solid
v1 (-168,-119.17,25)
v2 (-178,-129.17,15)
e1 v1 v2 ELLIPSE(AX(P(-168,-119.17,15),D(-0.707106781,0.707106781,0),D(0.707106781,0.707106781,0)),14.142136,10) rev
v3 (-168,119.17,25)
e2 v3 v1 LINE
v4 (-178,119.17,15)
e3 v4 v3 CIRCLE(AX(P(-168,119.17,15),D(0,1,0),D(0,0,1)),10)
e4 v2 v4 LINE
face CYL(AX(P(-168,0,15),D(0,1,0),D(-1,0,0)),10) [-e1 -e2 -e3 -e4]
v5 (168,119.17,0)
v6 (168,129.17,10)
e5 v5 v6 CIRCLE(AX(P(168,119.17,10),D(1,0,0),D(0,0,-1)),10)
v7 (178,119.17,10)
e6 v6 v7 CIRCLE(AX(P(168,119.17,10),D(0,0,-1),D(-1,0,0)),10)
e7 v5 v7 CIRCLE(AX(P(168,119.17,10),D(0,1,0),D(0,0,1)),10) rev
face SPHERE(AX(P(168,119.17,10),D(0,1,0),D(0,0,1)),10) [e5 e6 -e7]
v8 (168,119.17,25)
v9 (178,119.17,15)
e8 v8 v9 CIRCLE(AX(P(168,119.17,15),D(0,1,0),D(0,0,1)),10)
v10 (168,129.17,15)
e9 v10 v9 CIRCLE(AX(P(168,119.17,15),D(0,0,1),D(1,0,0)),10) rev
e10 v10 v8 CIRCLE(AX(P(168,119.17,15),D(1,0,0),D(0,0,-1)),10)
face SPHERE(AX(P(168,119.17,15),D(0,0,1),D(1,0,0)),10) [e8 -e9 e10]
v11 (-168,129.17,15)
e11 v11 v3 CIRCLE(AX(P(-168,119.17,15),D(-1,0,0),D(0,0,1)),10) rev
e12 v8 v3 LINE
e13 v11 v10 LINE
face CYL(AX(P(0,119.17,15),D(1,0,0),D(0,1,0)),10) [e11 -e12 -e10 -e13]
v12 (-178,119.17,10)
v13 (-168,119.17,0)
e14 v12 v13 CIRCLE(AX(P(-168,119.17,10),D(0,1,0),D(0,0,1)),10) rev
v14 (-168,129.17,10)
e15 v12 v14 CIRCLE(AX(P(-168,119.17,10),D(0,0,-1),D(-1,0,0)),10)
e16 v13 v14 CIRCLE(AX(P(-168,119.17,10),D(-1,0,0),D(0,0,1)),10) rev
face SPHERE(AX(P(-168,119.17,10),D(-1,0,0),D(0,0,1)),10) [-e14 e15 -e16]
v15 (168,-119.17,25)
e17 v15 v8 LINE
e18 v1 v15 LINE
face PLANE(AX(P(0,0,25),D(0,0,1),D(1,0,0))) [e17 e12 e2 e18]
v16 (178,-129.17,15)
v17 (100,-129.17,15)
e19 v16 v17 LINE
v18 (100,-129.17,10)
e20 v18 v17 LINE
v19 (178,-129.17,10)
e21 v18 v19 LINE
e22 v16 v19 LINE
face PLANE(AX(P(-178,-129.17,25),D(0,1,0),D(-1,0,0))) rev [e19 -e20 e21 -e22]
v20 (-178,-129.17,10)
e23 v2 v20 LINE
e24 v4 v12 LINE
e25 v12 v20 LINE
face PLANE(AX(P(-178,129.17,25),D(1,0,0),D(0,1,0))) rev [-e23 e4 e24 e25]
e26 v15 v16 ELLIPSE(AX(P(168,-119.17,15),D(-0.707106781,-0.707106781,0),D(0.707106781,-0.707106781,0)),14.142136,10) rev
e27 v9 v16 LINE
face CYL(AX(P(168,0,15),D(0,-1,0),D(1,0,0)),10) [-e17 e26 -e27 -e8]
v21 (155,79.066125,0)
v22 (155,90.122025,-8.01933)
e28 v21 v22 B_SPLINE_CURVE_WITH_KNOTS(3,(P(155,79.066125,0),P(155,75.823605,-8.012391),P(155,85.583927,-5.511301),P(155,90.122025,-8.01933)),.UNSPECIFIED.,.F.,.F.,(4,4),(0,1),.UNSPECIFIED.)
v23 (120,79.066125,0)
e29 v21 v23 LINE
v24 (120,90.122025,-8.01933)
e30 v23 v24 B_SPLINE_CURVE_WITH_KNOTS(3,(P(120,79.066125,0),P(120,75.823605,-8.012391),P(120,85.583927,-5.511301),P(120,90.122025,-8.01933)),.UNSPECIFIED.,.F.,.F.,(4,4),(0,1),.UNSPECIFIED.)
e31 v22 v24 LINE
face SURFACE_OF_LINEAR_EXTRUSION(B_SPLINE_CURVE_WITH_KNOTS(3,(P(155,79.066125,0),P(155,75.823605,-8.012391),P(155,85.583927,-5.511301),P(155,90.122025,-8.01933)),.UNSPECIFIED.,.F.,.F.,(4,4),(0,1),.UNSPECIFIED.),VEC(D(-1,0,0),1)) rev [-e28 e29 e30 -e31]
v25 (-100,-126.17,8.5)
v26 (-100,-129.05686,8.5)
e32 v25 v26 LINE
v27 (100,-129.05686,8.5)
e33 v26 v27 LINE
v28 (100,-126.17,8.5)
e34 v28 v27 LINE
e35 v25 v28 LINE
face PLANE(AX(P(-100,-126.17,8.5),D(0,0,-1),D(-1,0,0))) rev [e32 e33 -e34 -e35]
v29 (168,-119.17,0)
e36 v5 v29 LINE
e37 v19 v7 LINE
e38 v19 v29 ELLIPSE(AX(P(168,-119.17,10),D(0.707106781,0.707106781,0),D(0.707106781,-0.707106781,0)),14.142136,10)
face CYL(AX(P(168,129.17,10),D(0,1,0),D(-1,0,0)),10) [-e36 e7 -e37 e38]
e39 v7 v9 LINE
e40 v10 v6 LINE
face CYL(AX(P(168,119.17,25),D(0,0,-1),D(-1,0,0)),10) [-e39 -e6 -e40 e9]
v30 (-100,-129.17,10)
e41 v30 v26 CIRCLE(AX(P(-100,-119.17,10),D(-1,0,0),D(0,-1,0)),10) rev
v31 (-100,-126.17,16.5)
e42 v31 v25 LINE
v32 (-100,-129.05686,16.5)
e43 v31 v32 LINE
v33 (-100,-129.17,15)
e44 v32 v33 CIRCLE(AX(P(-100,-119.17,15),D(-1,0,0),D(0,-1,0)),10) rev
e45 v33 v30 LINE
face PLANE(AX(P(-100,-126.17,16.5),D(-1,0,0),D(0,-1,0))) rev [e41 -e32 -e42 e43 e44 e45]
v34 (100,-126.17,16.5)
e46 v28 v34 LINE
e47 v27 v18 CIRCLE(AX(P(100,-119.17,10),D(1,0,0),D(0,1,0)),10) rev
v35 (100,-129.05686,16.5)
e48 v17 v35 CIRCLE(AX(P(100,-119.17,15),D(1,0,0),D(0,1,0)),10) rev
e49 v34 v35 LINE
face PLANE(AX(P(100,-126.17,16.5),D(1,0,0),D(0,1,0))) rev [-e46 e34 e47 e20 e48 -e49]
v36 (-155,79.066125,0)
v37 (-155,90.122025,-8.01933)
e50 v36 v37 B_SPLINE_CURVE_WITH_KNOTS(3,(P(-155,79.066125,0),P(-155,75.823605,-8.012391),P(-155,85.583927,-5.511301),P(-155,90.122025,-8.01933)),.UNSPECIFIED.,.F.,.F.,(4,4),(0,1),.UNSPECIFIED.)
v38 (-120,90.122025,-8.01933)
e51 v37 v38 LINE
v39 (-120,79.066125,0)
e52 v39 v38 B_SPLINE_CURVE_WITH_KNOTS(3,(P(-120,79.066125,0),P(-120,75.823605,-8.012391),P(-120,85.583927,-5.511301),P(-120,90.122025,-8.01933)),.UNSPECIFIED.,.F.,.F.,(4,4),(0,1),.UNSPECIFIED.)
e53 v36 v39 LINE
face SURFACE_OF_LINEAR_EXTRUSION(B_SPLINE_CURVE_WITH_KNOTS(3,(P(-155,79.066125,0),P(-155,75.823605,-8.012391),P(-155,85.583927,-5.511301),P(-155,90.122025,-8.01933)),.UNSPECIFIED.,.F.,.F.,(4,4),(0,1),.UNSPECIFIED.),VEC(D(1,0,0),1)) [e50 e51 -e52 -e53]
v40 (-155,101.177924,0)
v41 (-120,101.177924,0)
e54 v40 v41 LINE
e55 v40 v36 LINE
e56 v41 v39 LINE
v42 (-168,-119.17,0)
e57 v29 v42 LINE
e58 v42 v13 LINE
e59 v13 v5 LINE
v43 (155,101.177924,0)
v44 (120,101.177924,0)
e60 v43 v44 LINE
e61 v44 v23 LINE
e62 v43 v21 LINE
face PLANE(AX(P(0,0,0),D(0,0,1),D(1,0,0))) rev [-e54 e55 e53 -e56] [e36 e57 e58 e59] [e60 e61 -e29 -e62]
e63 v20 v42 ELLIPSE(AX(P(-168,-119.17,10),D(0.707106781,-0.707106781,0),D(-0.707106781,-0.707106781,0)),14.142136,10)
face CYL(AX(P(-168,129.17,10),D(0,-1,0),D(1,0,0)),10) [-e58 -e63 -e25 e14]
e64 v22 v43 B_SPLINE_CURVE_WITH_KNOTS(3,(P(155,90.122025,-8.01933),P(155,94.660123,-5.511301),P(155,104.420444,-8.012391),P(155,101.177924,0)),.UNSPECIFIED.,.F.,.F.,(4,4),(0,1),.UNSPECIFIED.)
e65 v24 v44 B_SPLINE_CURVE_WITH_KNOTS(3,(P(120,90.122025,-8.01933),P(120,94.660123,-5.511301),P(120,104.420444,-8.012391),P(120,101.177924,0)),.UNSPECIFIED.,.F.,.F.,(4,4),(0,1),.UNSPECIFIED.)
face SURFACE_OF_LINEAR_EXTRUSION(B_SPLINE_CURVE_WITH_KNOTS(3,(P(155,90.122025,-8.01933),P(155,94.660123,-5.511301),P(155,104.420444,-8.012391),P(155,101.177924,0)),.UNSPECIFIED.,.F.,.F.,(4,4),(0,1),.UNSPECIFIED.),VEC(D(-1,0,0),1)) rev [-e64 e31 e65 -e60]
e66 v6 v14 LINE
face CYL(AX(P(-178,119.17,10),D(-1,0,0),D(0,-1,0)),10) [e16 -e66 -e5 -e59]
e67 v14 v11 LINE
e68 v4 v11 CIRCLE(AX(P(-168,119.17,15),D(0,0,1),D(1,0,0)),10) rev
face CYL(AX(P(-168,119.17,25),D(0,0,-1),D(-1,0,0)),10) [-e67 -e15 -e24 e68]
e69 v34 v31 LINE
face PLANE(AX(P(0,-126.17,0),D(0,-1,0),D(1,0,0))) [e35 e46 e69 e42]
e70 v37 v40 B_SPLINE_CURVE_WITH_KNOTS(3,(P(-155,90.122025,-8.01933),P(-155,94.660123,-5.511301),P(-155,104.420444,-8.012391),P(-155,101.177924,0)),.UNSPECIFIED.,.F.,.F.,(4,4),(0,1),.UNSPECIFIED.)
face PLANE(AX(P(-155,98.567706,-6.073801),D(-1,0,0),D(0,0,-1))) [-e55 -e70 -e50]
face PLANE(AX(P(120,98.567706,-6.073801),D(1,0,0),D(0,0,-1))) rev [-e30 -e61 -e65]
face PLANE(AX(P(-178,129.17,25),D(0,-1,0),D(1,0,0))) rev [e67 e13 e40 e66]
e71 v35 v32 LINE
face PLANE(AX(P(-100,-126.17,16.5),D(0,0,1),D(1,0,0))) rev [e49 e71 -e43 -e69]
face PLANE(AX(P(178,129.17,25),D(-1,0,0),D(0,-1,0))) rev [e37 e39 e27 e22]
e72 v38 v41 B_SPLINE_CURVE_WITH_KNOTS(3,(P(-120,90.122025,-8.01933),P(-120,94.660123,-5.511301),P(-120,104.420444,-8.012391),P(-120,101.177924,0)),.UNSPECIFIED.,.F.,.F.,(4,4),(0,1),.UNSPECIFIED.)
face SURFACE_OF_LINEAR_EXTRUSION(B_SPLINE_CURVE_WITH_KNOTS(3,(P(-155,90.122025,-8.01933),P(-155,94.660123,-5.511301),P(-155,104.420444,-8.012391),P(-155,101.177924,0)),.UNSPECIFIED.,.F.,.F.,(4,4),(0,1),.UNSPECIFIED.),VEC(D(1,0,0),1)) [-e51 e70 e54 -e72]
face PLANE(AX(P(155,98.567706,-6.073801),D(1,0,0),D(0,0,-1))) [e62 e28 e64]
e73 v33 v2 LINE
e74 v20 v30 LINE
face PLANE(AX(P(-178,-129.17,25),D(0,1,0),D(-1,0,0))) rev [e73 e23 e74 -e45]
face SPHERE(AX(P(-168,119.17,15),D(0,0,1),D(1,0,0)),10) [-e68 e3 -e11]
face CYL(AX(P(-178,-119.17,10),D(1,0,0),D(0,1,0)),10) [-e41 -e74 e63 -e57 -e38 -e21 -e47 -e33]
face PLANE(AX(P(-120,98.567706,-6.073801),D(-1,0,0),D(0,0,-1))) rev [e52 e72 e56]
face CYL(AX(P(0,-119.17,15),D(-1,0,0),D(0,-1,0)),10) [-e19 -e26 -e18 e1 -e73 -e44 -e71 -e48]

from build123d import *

# Parameters (mm, degrees)
ESQUISSE1_W             = 356
ESQUISSE1_H             = 258.34
BOSS_EXTRU_1_DEPTH      = 25
CONG_1_R                = 10
BOSS_EXTRU_2_DEPTH      = 35
ESQUISSE4_W             = 200
ESQUISSE4_H             = 8
ENL_V_MAT_EXTRU_1_DEPTH = 3


with BuildPart() as part:
    # Esquisse1 → Boss.-Extru.1 (new body)
    with BuildSketch(Plane.XY):
        Rectangle(ESQUISSE1_W, ESQUISSE1_H)
    extrude(amount=BOSS_EXTRU_1_DEPTH)

    # Congé1
    cong_1_edges = [part.edges().sort_by_distance(p)[0] for p in [
        (178, 0, 25),
        (0, 129.17, 25),
        (-178, 0, 25),
        (0, 129.17, 0),
        (178, 0, 0),
        (0, -129.17, 0),
        (-178, 0, 0),
        (-178, 129.17, 12.5),
        (178, 129.17, 12.5),
        (0, -129.17, 25),
    ]]
    fillet(cong_1_edges, radius=CONG_1_R)

    # Esquisse3 → Boss.-Extru.2 (add)
    with BuildSketch(Plane(origin=(120, 0, 0), x_dir=(0, 0, -1), z_dir=(1, 0, 0))):
        with BuildLine():
            Line((0, 101.177924123), (0, 79.066125458))
            add(Edge.make_bspline(
                [(0, 79.066125458), (8.012390786, 75.823605097), (5.511301078, 85.583926919), (8.019330137, 90.12202479)],
                knots=[0, 0, 0, 0, 1, 1, 1, 1], degree=3))
            add(Edge.make_bspline(
                [(0, 101.177924123), (8.012390786, 104.420444484), (5.511301078, 94.660122661), (8.019330137, 90.12202479)],
                knots=[0, 0, 0, 0, 1, 1, 1, 1], degree=3))
        make_face()
    boss_extru_2 = extrude(amount=BOSS_EXTRU_2_DEPTH)

    # Symétrie1: Boss.-Extru.2 across plane
    add(boss_extru_2.mirror(Plane(origin=(0, 0, 0), x_dir=(0, 0, 1), z_dir=(1, 0, 0))))

    # Esquisse4 → Enlèv. mat.-Extru.1 (cut)
    with BuildSketch(Plane.XZ.offset(129.17)):
        with Locations((0, 12.5)):
            Rectangle(ESQUISSE4_W, ESQUISSE4_H)
    extrude(amount=-ENL_V_MAT_EXTRU_1_DEPTH, mode=Mode.SUBTRACT)


solid = part.part
